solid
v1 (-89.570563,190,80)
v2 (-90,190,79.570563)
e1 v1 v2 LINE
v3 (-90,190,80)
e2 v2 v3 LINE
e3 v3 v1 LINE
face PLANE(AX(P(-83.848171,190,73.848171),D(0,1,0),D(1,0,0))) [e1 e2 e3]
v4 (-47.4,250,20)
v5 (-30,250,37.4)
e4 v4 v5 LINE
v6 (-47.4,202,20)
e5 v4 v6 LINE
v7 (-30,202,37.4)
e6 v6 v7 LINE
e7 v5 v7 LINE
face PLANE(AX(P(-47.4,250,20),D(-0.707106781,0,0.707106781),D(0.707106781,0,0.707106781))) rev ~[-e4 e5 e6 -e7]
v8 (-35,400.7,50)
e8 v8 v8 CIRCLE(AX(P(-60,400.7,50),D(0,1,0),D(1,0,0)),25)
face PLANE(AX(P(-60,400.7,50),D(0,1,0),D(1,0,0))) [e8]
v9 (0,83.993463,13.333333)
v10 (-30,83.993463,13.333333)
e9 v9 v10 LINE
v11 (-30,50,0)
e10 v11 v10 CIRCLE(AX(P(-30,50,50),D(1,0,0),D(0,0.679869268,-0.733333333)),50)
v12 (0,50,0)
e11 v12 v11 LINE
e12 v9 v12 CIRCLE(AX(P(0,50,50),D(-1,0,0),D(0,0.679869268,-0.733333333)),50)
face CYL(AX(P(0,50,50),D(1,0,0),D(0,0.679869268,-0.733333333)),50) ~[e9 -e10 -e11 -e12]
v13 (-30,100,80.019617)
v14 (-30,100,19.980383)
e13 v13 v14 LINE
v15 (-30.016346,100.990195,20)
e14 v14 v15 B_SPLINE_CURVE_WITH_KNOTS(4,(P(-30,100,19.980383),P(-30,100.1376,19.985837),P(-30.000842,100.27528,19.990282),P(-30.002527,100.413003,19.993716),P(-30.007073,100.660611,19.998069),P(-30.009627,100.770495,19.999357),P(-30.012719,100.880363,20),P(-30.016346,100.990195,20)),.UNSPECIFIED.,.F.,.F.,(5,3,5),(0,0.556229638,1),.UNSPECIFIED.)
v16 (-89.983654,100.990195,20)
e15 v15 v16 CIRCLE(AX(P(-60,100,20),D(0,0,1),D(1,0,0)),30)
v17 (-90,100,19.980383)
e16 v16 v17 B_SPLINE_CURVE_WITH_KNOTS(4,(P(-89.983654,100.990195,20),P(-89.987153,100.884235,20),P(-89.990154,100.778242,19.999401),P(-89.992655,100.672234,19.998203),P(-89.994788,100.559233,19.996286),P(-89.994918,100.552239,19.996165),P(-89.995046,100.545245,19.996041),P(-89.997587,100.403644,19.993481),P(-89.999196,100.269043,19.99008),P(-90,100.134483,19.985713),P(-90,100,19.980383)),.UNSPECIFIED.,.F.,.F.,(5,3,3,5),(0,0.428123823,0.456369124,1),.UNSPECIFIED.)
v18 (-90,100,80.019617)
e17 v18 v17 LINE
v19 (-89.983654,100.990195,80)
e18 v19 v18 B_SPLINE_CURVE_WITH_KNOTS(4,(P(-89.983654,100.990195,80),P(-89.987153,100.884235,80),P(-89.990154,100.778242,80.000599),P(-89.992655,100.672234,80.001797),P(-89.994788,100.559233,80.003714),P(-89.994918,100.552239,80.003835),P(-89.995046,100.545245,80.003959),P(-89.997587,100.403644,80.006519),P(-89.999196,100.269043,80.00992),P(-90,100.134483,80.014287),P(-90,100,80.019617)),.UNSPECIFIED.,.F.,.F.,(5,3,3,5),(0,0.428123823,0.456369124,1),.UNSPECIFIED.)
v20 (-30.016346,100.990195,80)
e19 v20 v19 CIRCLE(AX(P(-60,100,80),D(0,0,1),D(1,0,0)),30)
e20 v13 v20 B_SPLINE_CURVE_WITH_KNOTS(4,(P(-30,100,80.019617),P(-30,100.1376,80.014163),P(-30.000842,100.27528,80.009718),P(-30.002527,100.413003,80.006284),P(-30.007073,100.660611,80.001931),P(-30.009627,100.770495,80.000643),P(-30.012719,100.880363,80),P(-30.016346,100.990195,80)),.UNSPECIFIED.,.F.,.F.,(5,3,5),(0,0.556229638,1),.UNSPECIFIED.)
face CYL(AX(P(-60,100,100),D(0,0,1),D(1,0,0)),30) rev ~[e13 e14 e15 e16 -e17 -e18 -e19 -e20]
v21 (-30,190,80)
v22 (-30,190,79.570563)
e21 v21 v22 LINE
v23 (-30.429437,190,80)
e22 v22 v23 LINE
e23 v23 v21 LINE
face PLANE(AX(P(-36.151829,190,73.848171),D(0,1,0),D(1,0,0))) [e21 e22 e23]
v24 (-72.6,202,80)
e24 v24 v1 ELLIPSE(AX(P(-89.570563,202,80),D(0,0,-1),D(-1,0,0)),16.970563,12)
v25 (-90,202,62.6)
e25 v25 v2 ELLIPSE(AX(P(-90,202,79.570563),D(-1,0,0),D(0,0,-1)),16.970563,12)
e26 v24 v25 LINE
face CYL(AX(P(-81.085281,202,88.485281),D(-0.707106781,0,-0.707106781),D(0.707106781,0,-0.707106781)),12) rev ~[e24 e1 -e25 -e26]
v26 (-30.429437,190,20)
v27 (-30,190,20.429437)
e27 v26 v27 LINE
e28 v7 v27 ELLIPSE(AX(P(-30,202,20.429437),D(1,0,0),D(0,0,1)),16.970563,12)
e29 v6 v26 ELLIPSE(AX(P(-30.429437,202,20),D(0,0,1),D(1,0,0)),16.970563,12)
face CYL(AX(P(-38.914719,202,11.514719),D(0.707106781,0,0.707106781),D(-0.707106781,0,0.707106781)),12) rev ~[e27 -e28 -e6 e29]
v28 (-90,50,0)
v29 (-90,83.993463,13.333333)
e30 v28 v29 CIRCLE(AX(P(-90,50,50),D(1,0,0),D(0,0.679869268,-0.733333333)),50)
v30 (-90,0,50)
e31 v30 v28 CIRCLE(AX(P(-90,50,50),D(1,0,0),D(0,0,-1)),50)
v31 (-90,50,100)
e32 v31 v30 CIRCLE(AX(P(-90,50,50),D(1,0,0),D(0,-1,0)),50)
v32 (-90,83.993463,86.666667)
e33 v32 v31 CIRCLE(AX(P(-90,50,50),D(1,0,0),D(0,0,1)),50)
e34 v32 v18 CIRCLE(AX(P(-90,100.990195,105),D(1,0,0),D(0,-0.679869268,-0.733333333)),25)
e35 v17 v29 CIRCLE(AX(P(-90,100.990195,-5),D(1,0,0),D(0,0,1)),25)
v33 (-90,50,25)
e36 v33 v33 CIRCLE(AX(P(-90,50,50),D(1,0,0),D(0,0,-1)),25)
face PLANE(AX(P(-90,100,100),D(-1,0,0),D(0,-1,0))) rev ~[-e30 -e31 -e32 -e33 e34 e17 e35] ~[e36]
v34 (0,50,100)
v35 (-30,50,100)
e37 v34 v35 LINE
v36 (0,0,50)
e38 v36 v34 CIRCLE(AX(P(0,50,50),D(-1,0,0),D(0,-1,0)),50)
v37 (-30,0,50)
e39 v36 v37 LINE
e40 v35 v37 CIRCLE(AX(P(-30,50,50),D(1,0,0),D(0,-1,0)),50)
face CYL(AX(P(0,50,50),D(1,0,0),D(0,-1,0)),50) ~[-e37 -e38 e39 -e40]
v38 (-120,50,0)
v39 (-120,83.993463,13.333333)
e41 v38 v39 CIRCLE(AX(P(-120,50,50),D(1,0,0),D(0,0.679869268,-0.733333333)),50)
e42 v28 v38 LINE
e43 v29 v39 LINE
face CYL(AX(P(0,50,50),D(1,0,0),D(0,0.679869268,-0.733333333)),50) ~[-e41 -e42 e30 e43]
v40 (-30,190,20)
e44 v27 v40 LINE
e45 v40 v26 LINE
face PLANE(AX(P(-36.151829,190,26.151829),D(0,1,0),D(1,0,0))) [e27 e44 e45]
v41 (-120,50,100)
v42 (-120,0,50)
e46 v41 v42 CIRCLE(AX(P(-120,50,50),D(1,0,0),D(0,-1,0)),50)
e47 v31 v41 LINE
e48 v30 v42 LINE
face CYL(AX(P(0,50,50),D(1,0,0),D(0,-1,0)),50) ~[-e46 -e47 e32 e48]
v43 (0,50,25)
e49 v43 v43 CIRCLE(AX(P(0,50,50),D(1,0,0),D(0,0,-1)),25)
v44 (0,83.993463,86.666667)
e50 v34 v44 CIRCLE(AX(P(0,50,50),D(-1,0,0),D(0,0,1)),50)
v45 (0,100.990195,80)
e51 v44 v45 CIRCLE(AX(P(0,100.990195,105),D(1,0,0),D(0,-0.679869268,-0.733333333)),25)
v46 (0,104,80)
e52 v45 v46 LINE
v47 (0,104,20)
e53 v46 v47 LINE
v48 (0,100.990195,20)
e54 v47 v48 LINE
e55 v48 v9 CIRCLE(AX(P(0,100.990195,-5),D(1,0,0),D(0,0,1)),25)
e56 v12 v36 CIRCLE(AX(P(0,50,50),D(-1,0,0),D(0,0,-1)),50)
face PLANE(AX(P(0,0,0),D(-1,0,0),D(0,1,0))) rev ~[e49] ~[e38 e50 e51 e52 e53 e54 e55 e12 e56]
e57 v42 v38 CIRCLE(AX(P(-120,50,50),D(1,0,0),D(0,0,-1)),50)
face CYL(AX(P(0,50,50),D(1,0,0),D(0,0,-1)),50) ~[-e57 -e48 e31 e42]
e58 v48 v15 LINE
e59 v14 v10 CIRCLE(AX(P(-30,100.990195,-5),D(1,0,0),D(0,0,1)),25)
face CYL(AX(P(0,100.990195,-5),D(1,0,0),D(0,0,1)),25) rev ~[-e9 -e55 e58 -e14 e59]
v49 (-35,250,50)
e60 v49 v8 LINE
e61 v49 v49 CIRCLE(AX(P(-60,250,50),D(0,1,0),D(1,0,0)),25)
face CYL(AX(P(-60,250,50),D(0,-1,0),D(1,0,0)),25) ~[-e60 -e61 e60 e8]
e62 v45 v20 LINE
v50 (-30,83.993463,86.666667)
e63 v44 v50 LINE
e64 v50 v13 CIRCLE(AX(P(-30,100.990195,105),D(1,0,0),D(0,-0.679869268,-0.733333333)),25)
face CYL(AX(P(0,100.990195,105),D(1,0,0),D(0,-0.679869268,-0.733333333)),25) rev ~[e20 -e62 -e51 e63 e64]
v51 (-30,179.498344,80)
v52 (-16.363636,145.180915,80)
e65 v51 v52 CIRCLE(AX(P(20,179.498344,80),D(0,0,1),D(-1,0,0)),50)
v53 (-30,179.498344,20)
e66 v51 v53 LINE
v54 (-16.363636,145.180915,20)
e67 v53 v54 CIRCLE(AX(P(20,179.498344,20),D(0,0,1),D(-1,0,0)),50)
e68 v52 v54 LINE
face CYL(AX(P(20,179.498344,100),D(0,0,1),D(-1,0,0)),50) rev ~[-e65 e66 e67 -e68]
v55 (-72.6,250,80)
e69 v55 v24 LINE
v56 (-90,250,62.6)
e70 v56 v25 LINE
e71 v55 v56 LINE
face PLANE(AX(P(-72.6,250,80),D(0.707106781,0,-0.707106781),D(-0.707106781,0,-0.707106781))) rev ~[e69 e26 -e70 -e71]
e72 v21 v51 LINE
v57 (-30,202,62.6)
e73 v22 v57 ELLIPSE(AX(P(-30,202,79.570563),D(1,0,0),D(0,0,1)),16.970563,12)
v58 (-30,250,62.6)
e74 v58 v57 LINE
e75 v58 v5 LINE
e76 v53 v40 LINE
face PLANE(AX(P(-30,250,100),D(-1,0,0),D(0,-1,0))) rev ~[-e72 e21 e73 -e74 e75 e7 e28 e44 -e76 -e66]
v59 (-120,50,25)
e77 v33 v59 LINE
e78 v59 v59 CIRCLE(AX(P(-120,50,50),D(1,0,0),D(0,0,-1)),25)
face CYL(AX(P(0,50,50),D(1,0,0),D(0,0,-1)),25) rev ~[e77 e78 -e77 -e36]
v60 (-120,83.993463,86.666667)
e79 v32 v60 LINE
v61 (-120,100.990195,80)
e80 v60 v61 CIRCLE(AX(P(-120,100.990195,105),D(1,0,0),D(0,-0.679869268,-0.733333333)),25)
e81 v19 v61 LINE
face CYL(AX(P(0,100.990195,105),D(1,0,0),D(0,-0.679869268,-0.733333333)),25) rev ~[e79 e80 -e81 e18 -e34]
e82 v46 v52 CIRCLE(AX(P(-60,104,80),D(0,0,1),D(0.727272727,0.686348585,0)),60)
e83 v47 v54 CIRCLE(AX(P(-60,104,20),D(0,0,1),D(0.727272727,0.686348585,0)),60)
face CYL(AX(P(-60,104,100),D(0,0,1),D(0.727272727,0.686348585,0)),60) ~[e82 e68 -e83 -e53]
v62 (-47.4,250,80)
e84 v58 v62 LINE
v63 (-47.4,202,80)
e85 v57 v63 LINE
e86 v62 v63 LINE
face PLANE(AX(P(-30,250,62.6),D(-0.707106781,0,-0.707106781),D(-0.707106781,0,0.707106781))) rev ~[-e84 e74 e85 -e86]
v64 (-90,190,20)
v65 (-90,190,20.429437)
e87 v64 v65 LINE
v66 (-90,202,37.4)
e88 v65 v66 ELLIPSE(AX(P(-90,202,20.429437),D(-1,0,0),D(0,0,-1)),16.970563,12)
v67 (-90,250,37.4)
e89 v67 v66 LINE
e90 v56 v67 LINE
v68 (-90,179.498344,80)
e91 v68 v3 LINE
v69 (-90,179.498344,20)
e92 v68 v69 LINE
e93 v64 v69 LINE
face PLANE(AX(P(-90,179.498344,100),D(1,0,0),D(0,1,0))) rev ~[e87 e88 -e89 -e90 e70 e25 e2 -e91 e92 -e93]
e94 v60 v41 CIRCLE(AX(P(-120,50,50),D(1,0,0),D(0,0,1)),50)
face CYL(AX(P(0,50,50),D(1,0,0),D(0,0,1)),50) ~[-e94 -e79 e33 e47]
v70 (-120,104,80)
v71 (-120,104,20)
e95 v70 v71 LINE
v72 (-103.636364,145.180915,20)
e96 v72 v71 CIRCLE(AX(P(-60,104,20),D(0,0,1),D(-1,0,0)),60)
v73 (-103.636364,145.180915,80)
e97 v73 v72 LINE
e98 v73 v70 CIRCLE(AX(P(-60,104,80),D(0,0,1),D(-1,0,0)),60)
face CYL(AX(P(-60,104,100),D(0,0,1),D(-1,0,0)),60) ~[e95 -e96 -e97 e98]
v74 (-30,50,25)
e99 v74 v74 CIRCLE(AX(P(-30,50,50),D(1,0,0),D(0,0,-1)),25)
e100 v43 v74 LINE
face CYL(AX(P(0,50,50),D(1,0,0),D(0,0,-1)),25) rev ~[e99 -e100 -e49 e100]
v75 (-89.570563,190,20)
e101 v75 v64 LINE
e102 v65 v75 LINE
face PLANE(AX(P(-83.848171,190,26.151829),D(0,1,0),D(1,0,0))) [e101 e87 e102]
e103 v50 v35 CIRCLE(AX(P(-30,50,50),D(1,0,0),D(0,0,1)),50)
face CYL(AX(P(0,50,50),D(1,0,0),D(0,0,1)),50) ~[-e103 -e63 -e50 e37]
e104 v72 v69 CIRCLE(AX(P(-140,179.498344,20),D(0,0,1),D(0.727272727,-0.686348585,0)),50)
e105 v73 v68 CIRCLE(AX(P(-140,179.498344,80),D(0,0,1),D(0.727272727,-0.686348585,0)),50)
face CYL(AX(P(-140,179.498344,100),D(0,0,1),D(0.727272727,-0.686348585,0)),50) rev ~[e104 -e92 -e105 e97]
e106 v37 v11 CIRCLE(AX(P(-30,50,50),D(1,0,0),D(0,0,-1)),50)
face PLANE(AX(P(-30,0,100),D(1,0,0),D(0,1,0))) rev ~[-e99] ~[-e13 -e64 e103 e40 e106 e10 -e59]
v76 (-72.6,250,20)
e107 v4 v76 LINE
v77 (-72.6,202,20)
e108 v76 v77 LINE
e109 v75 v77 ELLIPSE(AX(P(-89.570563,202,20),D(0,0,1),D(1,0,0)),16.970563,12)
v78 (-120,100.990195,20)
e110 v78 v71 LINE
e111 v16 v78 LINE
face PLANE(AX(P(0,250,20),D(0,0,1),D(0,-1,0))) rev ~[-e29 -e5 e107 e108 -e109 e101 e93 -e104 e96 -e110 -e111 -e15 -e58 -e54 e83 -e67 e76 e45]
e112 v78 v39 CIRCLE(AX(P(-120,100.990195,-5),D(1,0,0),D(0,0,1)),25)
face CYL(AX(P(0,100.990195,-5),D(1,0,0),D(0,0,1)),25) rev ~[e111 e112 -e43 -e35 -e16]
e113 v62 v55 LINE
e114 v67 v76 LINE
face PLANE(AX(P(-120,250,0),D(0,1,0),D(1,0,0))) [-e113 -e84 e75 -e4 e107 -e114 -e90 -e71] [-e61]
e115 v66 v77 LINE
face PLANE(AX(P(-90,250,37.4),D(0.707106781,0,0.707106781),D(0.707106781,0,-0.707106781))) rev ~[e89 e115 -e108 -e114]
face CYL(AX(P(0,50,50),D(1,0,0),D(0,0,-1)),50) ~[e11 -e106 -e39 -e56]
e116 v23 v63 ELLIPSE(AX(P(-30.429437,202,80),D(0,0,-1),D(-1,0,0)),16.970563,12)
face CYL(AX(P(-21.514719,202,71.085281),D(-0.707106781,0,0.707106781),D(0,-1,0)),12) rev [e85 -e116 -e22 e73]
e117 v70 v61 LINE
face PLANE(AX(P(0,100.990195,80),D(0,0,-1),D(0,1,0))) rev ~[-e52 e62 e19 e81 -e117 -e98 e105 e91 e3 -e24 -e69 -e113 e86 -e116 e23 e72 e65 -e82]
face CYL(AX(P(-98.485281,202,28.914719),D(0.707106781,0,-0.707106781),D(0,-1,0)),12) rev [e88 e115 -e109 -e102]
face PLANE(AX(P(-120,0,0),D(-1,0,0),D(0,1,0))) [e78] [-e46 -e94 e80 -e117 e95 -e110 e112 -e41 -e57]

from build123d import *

# Parameters (mm, degrees)
SKETCH1_W           = 120
SKETCH1_H           = 250
BOSS_EXTRUDE1_DEPTH = 100
CUT_EXTRUDE1_DEPTH  = 295.78805946
SKETCH3_R           = 25
CUT_EXTRUDE2_DEPTH  = 295.78805946
CUT_EXTRUDE3_DEPTH  = 60
SKETCH4_3_R         = 25
BOSS_EXTRUDE2_DEPTH = 150.7
FILLET2_R           = 12


with BuildPart() as part:
    # Sketch1 → Boss-Extrude1 (new body)
    with BuildSketch(Plane.XY):
        with Locations((-60, 125)):
            Rectangle(SKETCH1_W, SKETCH1_H)
    extrude(amount=BOSS_EXTRUDE1_DEPTH)

    # Sketch2 → Cut-Extrude1 (cut, through all)
    with BuildSketch(Plane.XY.offset(100)):
        with BuildLine():
            Line((-90, 179.498344353), (-90, 250))
            Line((-90, 250), (-120, 250))
            Line((-120, 250), (-120, 104))
            ThreePointArc((-120, 104), (-115.759222637, 126.156468376), (-103.636363636, 145.180915101))
            ThreePointArc((-103.636363636, 145.180915101), (-93.533981136, 161.034620706), (-90, 179.498344353))
        make_face()
        with BuildLine():
            Line((0, 250), (-30, 250))
            Line((-30, 250), (-30, 179.498344353))
            ThreePointArc((-30, 179.498344353), (-26.466018864, 161.034620706), (-16.363636364, 145.180915101))
            ThreePointArc((-16.363636364, 145.180915101), (-4.240777331, 126.156468297), (0, 103.999999829))
            Line((0, 103.999999829), (0, 250))
        make_face()
        with BuildLine():
            Line((-30, 0), (-30, 100))
            ThreePointArc((-30, 100), (-60, 130), (-90, 100))
            Line((-90, 100), (-90, 0))
            Line((-90, 0), (-30, 0))
        make_face()
    extrude(amount=-CUT_EXTRUDE1_DEPTH, mode=Mode.SUBTRACT)

    # Sketch3 → Cut-Extrude2 (cut, through all)
    with BuildSketch(Plane(origin=(0, 0, 0), x_dir=(0, 0, -1), z_dir=(1, 0, 0))):
        with BuildLine():
            ThreePointArc((-86.666666667, 83.993463424), (-81.726266594, 91.861485844), (-80, 100.990195136))
            Line((-80, 100.990195136), (-80, 250))
            Line((-80, 250), (-100, 250))
            Line((-100, 250), (-100, 50))
            ThreePointArc((-100, 50), (-96.547466813, 68.257418584), (-86.666666667, 83.993463424))
        make_face()
        with BuildLine():
            Line((0, 50.000000014), (0, 250))
            Line((0, 250), (-20, 250))
            Line((-20, 250), (-20, 100.990195136))
            ThreePointArc((-20, 100.990195136), (-18.273733406, 91.861485844), (-13.333333333, 83.993463424))
            ThreePointArc((-13.333333333, 83.993463424), (-3.45253319, 68.25741859), (0, 50.000000014))
        make_face()
        with BuildLine():
            ThreePointArc((-50, 0), (-85.355339059, 14.644660941), (-100, 50))
            Line((-100, 50), (-100, 0))
            Line((-100, 0), (-50, 0))
        make_face()
        with BuildLine():
            ThreePointArc((0, 50.000000014), (-14.644660936, 14.644660946), (-50, 0))
            Line((-50, 0), (0, 0))
            Line((0, 0), (0, 50.000000014))
        make_face()
        with Locations((-50, 50)):
            Circle(SKETCH3_R)
    extrude(amount=-CUT_EXTRUDE2_DEPTH, mode=Mode.SUBTRACT)

    # Sketch4 → Cut-Extrude3 (cut)
    with BuildSketch(Plane(origin=(0, 250, 0), x_dir=(1, 0, 0), z_dir=(0, 1, 0))):
        Polygon((-90, -62.6), (-90, -80), (-72.6, -80), align=None)
        Polygon((-30, -62.6), (-47.4, -80), (-30, -80), align=None)
        Polygon((-90, -20), (-90, -37.4), (-72.6, -20), align=None)
        Polygon((-47.4, -20), (-30, -37.4), (-30, -20), align=None)
    extrude(amount=-CUT_EXTRUDE3_DEPTH, mode=Mode.SUBTRACT)

    # Sketch4<3> → Boss-Extrude2 (add)
    with BuildSketch(Plane(origin=(0, 250, 0), x_dir=(1, 0, 0), z_dir=(0, 1, 0))):
        with Locations((-60, -50)):
            Circle(SKETCH4_3_R)
    extrude(amount=BOSS_EXTRUDE2_DEPTH)

    # Fillet2
    fillet2_edges = [part.edges().sort_by_distance(p)[0] for p in [
        (-81.3, 190, 71.3),
        (-38.7, 190, 71.3),
        (-38.7, 190, 28.7),
        (-81.3, 190, 28.7),
    ]]
    fillet(fillet2_edges, radius=FILLET2_R)


solid = part.part
